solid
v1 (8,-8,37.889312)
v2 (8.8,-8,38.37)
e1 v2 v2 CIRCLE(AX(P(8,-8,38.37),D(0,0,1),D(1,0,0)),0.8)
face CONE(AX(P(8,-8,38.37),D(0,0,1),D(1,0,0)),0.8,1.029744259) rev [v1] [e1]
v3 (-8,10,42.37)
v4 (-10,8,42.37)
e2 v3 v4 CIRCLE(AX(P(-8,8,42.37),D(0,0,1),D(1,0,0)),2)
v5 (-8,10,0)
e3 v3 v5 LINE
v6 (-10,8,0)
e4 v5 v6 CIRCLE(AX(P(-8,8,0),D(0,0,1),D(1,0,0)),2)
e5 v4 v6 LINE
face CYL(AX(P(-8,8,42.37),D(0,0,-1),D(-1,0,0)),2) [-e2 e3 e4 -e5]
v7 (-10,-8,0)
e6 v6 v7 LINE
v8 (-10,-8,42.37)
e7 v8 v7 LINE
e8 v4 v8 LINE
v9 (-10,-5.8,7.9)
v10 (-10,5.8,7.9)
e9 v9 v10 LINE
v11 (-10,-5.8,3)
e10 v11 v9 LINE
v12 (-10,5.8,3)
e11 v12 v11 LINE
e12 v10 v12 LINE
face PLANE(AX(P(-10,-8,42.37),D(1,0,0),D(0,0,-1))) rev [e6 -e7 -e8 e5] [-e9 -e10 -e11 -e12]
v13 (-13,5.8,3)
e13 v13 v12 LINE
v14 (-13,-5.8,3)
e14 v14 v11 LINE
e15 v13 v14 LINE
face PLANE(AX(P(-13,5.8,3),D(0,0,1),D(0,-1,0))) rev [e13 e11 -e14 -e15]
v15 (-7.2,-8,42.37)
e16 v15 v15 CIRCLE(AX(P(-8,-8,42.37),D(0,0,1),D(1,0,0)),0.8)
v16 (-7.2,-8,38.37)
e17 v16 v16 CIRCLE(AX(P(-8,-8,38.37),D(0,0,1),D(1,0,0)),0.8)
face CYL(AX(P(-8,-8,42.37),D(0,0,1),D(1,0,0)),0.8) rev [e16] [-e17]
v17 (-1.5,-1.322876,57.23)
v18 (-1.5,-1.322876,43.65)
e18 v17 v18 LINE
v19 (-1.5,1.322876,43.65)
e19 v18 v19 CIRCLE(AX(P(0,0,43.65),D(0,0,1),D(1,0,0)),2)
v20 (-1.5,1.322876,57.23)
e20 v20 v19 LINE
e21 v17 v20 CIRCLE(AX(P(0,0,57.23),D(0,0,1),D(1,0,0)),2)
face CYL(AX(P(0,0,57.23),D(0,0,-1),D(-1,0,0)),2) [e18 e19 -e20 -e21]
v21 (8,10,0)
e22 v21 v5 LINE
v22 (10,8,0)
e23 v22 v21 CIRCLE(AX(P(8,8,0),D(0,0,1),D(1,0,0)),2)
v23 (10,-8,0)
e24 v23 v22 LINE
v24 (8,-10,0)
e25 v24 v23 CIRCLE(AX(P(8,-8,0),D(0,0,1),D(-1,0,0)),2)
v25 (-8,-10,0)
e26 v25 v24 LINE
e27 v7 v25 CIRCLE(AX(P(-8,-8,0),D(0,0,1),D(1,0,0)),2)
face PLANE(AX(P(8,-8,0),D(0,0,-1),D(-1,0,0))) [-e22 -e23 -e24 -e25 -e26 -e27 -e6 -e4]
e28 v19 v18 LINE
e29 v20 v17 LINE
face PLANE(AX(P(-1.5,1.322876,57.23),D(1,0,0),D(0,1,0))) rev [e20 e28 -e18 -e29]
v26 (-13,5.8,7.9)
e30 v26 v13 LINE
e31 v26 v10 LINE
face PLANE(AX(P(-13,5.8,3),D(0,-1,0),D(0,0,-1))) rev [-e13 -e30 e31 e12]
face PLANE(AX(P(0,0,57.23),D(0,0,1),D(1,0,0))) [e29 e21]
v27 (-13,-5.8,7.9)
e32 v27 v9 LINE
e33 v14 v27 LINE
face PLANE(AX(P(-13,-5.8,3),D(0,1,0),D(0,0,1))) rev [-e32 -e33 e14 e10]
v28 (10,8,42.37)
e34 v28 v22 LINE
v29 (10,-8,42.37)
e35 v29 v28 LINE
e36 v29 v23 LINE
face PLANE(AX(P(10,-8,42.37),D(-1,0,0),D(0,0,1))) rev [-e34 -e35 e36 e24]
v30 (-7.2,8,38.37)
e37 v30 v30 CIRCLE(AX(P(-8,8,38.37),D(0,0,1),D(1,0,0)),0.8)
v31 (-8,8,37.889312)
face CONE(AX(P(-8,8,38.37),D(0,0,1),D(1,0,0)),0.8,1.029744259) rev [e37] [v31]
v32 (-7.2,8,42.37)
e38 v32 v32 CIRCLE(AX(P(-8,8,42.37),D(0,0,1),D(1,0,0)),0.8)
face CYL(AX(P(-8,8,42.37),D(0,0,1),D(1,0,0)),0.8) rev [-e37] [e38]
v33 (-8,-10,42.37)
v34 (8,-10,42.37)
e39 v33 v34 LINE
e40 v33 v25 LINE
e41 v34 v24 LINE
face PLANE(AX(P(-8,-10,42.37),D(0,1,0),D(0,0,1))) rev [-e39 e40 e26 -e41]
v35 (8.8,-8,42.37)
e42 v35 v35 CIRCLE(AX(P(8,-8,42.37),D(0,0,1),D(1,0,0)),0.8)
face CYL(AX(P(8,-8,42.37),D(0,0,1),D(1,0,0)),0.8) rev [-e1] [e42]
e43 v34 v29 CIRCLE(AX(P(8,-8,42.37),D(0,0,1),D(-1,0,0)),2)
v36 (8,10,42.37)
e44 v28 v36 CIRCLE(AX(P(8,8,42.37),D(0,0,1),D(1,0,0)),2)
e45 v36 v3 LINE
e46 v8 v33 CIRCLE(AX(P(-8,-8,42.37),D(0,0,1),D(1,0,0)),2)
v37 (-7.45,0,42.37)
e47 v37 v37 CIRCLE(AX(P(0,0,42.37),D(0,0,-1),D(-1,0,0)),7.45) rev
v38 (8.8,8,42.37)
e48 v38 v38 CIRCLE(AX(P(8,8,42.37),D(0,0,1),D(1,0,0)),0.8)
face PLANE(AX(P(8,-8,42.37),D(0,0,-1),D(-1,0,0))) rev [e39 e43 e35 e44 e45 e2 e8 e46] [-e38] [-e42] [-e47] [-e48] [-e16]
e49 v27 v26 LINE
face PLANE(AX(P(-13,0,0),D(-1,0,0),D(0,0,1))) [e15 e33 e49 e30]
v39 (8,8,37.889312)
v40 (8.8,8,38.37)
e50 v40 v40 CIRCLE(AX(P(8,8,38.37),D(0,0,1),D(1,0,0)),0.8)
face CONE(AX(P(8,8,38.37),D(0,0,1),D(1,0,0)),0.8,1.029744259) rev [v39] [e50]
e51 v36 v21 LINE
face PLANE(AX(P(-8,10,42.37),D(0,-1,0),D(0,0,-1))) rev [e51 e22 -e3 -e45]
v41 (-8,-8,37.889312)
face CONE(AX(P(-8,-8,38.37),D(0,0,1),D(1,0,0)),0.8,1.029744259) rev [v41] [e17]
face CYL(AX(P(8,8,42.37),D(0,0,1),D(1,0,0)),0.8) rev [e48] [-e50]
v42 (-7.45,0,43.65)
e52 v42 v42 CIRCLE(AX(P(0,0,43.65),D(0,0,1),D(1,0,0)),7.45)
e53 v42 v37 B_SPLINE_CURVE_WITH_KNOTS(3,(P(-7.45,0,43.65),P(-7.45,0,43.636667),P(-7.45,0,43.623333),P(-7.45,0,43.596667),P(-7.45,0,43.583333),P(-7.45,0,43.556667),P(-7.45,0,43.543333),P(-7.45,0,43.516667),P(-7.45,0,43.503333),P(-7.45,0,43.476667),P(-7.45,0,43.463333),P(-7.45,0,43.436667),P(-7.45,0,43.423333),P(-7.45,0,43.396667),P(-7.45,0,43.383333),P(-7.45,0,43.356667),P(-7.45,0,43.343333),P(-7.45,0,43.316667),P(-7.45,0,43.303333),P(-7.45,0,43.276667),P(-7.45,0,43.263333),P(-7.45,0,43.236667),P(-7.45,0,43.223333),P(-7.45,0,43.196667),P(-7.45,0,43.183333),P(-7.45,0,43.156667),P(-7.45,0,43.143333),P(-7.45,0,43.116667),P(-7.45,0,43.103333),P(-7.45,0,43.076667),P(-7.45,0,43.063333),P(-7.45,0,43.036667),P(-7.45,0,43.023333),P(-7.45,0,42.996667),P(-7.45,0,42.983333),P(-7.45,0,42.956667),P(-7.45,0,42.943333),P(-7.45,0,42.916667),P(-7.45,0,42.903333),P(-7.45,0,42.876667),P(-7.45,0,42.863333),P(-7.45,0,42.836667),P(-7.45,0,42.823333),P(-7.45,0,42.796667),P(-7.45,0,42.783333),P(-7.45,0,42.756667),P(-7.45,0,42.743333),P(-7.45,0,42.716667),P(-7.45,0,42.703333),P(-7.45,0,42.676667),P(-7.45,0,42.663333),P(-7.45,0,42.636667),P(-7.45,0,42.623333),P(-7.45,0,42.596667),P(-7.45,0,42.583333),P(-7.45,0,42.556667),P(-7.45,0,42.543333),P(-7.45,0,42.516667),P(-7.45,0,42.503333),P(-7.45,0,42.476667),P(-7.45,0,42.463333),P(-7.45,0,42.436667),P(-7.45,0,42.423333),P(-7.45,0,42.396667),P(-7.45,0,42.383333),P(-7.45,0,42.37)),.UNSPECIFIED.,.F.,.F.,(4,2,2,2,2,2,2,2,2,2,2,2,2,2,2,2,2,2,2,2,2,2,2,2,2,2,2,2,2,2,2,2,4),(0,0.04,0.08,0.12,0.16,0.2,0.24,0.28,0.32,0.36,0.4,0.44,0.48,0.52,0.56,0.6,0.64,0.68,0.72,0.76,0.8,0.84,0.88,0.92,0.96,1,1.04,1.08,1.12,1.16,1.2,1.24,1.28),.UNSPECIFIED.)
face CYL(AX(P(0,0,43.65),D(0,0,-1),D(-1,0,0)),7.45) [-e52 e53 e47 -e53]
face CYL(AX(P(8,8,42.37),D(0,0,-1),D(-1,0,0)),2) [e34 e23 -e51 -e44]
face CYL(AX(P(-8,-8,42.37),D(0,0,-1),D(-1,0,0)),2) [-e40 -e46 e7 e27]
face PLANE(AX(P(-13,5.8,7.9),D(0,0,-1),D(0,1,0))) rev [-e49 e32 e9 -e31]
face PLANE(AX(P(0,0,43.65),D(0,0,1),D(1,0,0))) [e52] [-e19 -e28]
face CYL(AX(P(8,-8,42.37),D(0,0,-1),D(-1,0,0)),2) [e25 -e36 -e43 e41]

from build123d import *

# Parameters (mm, degrees)
BOSS_EXTRUDE1_DEPTH   = 42.37
SKETCH2_R             = 7.45
BOSS_EXTRUDE2_DEPTH   = 1.28
BOSS_EXTRUDE3_DEPTH   = 13.58
SKETCH4_W             = 4.9
SKETCH4_H             = 11.6
BOSS_EXTRUDE4_DEPTH   = 3
M2_TAPPED_HOLE1_D     = 1.6
M2_TAPPED_HOLE1_DEPTH = 4
M2_TAPPED_HOLE1_TIP   = 0.480688495


with BuildPart() as part:
    # Sketch1 → Boss-Extrude1 (new body)
    with BuildSketch(Plane.XY):
        with BuildLine():
            Line((-8, -10), (8, -10))
            ThreePointArc((8, -10), (9.414213562, -9.414213562), (10, -8))
            Line((10, -8), (10, 8))
            ThreePointArc((10, 8), (9.414213562, 9.414213562), (8, 10))
            Line((8, 10), (-8, 10))
            ThreePointArc((-8, 10), (-9.414213562, 9.414213562), (-10, 8))
            Line((-10, 8), (-10, -8))
            ThreePointArc((-10, -8), (-9.414213562, -9.414213562), (-8, -10))
        make_face()
    extrude(amount=BOSS_EXTRUDE1_DEPTH)

    # Sketch2 → Boss-Extrude2 (add)
    with BuildSketch(Plane.XY.offset(42.37)):
        with Locations(Location((0, 0, 0), (0, 0, 180))):
            Circle(SKETCH2_R)
    extrude(amount=BOSS_EXTRUDE2_DEPTH)

    # Sketch3 → Boss-Extrude3 (add)
    with BuildSketch(Plane.XY.offset(43.65)):
        with BuildLine():
            Line((-1.5, 1.322875656), (-1.5, -1.322875656))
            ThreePointArc((-1.5, -1.322875656), (2, 0), (-1.5, 1.322875656))
        make_face()
    extrude(amount=BOSS_EXTRUDE3_DEPTH)

    # Sketch4 → Boss-Extrude4 (add)
    with BuildSketch(Plane.ZY.offset(10)):
        with Locations((5.45, 0)):
            Rectangle(SKETCH4_W, SKETCH4_H)
    extrude(amount=BOSS_EXTRUDE4_DEPTH)

    # M2 Tapped Hole1
    with Locations(Plane.XY.offset(42.37)):
        with Locations((-8, -8), (8, -8), (8, 8), (-8, 8)):
            Hole(M2_TAPPED_HOLE1_D / 2, depth=M2_TAPPED_HOLE1_DEPTH)
            with Locations((0, 0, -(M2_TAPPED_HOLE1_DEPTH + M2_TAPPED_HOLE1_TIP / 2))):  # 118° drill point
                Cone(0, M2_TAPPED_HOLE1_D / 2, M2_TAPPED_HOLE1_TIP, mode=Mode.SUBTRACT)


solid = part.part
